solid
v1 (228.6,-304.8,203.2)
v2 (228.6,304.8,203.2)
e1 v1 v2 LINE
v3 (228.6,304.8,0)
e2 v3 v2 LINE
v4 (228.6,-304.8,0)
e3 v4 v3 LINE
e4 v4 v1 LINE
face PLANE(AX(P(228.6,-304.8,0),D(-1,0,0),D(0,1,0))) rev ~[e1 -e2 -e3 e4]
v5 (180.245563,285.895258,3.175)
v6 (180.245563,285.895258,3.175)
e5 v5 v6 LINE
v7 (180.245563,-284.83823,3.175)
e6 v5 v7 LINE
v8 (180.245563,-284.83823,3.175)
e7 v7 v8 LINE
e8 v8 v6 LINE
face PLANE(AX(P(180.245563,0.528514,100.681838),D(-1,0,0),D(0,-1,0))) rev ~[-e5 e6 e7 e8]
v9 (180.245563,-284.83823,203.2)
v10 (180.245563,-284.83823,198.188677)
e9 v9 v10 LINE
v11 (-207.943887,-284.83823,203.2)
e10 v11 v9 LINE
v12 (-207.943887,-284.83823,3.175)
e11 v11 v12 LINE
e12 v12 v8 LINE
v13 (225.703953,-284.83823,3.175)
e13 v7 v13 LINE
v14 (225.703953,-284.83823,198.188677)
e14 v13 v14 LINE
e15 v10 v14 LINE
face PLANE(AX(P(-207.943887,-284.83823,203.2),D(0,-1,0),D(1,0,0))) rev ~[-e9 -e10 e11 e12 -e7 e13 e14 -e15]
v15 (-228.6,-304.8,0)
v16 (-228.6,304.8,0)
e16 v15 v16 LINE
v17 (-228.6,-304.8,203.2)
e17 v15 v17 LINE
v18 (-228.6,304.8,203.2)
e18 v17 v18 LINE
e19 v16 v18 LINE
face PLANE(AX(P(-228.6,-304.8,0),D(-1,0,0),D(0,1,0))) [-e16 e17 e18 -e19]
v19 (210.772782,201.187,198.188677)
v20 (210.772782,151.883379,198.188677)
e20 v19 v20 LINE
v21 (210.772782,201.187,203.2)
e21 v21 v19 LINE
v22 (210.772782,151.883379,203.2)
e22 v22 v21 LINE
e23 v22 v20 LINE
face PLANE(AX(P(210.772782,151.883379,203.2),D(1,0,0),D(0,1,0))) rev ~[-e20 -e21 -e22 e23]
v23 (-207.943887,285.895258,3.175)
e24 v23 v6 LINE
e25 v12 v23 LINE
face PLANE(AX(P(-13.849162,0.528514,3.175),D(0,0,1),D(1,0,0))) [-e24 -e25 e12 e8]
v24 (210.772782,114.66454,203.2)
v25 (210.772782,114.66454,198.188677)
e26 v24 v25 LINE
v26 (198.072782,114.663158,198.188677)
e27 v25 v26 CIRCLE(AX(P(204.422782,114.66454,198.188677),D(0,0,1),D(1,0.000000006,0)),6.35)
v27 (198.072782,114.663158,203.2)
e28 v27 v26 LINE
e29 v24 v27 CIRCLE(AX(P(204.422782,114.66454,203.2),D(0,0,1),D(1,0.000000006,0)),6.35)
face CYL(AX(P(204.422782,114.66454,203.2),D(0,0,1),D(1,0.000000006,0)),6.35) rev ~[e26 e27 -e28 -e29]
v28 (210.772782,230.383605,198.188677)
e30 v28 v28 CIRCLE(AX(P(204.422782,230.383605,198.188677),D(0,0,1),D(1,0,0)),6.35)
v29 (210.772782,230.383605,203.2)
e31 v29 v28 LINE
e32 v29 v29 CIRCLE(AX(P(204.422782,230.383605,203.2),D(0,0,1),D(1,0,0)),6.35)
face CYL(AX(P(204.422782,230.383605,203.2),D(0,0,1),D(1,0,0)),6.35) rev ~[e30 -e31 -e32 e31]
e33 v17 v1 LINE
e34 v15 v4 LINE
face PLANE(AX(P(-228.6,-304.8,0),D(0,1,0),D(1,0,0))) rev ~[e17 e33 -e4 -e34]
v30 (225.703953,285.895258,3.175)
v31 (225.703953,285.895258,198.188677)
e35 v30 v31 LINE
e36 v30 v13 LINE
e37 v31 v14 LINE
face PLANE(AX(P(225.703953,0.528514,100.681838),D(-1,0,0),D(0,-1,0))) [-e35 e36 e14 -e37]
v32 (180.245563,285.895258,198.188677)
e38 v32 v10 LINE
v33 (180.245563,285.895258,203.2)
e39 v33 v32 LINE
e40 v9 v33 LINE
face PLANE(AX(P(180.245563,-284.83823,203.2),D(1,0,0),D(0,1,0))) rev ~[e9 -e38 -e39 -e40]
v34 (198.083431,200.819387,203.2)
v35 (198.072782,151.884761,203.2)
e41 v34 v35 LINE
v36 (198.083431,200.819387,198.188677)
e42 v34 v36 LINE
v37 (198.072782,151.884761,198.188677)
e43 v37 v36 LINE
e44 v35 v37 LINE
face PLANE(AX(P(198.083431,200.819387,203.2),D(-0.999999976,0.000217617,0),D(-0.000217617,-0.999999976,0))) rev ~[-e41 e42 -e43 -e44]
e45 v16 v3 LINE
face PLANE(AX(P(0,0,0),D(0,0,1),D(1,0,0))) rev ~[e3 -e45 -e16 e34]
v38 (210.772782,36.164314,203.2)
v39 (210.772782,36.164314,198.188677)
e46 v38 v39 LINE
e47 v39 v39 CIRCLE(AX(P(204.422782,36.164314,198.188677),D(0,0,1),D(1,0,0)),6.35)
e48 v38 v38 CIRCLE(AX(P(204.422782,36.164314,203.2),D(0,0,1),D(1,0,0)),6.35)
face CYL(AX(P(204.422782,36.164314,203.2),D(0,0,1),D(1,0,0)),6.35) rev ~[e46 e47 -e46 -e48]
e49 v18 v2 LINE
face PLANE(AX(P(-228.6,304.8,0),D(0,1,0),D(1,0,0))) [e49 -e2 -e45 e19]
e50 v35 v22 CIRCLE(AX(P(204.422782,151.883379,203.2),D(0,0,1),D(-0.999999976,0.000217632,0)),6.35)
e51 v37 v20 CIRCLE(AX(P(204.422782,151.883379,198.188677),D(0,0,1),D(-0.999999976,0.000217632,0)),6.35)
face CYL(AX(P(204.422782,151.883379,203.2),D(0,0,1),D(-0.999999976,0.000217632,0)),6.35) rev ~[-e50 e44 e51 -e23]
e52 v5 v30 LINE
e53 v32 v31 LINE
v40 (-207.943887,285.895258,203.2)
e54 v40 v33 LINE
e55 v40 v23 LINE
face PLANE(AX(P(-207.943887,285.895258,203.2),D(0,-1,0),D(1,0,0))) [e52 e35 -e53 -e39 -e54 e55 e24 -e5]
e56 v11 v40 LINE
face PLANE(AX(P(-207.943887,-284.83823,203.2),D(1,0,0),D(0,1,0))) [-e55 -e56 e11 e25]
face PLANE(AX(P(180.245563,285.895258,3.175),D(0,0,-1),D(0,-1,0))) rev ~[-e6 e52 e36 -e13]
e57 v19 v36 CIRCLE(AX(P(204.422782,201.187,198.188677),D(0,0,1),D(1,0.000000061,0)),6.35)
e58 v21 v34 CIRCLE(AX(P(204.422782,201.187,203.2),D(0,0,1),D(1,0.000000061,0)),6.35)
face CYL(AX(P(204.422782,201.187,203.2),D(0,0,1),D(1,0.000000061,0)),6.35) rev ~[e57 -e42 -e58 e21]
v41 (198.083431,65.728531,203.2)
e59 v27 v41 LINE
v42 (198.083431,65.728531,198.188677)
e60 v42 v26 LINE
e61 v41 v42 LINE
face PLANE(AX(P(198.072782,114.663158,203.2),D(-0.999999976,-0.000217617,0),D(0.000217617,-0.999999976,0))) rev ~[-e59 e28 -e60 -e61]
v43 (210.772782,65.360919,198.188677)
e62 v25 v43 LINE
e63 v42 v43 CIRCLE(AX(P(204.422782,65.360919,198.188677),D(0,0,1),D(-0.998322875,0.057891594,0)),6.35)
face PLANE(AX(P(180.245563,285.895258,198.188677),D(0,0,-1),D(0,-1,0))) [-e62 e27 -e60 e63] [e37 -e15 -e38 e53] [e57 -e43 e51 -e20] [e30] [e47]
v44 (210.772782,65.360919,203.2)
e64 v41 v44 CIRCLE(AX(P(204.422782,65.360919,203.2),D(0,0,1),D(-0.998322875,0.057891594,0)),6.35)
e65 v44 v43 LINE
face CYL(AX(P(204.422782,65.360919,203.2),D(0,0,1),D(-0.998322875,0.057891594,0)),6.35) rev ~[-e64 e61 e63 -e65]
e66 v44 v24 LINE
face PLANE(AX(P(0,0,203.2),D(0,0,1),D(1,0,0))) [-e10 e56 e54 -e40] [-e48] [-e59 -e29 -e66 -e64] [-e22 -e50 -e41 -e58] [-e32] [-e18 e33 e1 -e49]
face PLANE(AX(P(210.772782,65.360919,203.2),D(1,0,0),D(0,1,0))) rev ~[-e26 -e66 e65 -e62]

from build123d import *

# Parameters (mm, degrees)
F0_W     = 457.2
F0_H     = 609.6
F1_DEPTH = 203.2
F2_W     = 388.18945
F2_H     = 570.733487
F3_DEPTH = 200.025
F4_W     = 570.733487
F4_H     = 195.013677
F5_DEPTH = 45.45839
F6_R     = 6.35
F7_DEPTH = 25.4


with BuildPart() as f1:
    # F0 (on Top) → F1 (new body)
    with BuildSketch(Plane.XY):
        Rectangle(F0_W, F0_H)
    extrude(amount=F1_DEPTH)

    # F2 (on face) → F3 (cut)
    with BuildSketch(Plane.XY.offset(203.2)):
        with Locations((-13.849162, 0.528514)):
            Rectangle(F2_W, F2_H)
    extrude(amount=-F3_DEPTH, mode=Mode.SUBTRACT)

    # F4 (on face) → F5 (cut)
    with BuildSketch(Plane(origin=(180.245563, 0, 0), x_dir=(0, -1, 0), z_dir=(-1, 0, 0))):
        with Locations((-0.528514, 100.681838)):
            Rectangle(F4_W, F4_H)
    extrude(amount=-F5_DEPTH, mode=Mode.SUBTRACT)

    # F6 (on face) → F7 (cut)
    with BuildSketch(Plane.XY.offset(203.2)):
        with Locations((204.422782, 230.383605)):
            Circle(F6_R)
        with BuildLine():
            Line((210.772782, 151.883379), (210.772782, 201.187))
            ThreePointArc((210.772782, 201.187), (204.238898, 207.534337), (198.083431, 200.819387))
            Line((198.083431, 200.819387), (198.072782, 151.884761))
            ThreePointArc((198.072782, 151.884761), (204.422091, 145.533379), (210.772782, 151.883379))
        make_face()
        with BuildLine():
            Line((198.072782, 114.663158), (198.083431, 65.728531))
            ThreePointArc((198.083431, 65.728531), (204.238898, 59.013582), (210.772782, 65.360919))
            Line((210.772782, 65.360919), (210.772782, 114.66454))
            ThreePointArc((210.772782, 114.66454), (204.422091, 121.01454), (198.072782, 114.663158))
        make_face()
        with Locations((204.422782, 36.164314)):
            Circle(F6_R)
    extrude(amount=-F7_DEPTH, mode=Mode.SUBTRACT)


solid = f1.part
